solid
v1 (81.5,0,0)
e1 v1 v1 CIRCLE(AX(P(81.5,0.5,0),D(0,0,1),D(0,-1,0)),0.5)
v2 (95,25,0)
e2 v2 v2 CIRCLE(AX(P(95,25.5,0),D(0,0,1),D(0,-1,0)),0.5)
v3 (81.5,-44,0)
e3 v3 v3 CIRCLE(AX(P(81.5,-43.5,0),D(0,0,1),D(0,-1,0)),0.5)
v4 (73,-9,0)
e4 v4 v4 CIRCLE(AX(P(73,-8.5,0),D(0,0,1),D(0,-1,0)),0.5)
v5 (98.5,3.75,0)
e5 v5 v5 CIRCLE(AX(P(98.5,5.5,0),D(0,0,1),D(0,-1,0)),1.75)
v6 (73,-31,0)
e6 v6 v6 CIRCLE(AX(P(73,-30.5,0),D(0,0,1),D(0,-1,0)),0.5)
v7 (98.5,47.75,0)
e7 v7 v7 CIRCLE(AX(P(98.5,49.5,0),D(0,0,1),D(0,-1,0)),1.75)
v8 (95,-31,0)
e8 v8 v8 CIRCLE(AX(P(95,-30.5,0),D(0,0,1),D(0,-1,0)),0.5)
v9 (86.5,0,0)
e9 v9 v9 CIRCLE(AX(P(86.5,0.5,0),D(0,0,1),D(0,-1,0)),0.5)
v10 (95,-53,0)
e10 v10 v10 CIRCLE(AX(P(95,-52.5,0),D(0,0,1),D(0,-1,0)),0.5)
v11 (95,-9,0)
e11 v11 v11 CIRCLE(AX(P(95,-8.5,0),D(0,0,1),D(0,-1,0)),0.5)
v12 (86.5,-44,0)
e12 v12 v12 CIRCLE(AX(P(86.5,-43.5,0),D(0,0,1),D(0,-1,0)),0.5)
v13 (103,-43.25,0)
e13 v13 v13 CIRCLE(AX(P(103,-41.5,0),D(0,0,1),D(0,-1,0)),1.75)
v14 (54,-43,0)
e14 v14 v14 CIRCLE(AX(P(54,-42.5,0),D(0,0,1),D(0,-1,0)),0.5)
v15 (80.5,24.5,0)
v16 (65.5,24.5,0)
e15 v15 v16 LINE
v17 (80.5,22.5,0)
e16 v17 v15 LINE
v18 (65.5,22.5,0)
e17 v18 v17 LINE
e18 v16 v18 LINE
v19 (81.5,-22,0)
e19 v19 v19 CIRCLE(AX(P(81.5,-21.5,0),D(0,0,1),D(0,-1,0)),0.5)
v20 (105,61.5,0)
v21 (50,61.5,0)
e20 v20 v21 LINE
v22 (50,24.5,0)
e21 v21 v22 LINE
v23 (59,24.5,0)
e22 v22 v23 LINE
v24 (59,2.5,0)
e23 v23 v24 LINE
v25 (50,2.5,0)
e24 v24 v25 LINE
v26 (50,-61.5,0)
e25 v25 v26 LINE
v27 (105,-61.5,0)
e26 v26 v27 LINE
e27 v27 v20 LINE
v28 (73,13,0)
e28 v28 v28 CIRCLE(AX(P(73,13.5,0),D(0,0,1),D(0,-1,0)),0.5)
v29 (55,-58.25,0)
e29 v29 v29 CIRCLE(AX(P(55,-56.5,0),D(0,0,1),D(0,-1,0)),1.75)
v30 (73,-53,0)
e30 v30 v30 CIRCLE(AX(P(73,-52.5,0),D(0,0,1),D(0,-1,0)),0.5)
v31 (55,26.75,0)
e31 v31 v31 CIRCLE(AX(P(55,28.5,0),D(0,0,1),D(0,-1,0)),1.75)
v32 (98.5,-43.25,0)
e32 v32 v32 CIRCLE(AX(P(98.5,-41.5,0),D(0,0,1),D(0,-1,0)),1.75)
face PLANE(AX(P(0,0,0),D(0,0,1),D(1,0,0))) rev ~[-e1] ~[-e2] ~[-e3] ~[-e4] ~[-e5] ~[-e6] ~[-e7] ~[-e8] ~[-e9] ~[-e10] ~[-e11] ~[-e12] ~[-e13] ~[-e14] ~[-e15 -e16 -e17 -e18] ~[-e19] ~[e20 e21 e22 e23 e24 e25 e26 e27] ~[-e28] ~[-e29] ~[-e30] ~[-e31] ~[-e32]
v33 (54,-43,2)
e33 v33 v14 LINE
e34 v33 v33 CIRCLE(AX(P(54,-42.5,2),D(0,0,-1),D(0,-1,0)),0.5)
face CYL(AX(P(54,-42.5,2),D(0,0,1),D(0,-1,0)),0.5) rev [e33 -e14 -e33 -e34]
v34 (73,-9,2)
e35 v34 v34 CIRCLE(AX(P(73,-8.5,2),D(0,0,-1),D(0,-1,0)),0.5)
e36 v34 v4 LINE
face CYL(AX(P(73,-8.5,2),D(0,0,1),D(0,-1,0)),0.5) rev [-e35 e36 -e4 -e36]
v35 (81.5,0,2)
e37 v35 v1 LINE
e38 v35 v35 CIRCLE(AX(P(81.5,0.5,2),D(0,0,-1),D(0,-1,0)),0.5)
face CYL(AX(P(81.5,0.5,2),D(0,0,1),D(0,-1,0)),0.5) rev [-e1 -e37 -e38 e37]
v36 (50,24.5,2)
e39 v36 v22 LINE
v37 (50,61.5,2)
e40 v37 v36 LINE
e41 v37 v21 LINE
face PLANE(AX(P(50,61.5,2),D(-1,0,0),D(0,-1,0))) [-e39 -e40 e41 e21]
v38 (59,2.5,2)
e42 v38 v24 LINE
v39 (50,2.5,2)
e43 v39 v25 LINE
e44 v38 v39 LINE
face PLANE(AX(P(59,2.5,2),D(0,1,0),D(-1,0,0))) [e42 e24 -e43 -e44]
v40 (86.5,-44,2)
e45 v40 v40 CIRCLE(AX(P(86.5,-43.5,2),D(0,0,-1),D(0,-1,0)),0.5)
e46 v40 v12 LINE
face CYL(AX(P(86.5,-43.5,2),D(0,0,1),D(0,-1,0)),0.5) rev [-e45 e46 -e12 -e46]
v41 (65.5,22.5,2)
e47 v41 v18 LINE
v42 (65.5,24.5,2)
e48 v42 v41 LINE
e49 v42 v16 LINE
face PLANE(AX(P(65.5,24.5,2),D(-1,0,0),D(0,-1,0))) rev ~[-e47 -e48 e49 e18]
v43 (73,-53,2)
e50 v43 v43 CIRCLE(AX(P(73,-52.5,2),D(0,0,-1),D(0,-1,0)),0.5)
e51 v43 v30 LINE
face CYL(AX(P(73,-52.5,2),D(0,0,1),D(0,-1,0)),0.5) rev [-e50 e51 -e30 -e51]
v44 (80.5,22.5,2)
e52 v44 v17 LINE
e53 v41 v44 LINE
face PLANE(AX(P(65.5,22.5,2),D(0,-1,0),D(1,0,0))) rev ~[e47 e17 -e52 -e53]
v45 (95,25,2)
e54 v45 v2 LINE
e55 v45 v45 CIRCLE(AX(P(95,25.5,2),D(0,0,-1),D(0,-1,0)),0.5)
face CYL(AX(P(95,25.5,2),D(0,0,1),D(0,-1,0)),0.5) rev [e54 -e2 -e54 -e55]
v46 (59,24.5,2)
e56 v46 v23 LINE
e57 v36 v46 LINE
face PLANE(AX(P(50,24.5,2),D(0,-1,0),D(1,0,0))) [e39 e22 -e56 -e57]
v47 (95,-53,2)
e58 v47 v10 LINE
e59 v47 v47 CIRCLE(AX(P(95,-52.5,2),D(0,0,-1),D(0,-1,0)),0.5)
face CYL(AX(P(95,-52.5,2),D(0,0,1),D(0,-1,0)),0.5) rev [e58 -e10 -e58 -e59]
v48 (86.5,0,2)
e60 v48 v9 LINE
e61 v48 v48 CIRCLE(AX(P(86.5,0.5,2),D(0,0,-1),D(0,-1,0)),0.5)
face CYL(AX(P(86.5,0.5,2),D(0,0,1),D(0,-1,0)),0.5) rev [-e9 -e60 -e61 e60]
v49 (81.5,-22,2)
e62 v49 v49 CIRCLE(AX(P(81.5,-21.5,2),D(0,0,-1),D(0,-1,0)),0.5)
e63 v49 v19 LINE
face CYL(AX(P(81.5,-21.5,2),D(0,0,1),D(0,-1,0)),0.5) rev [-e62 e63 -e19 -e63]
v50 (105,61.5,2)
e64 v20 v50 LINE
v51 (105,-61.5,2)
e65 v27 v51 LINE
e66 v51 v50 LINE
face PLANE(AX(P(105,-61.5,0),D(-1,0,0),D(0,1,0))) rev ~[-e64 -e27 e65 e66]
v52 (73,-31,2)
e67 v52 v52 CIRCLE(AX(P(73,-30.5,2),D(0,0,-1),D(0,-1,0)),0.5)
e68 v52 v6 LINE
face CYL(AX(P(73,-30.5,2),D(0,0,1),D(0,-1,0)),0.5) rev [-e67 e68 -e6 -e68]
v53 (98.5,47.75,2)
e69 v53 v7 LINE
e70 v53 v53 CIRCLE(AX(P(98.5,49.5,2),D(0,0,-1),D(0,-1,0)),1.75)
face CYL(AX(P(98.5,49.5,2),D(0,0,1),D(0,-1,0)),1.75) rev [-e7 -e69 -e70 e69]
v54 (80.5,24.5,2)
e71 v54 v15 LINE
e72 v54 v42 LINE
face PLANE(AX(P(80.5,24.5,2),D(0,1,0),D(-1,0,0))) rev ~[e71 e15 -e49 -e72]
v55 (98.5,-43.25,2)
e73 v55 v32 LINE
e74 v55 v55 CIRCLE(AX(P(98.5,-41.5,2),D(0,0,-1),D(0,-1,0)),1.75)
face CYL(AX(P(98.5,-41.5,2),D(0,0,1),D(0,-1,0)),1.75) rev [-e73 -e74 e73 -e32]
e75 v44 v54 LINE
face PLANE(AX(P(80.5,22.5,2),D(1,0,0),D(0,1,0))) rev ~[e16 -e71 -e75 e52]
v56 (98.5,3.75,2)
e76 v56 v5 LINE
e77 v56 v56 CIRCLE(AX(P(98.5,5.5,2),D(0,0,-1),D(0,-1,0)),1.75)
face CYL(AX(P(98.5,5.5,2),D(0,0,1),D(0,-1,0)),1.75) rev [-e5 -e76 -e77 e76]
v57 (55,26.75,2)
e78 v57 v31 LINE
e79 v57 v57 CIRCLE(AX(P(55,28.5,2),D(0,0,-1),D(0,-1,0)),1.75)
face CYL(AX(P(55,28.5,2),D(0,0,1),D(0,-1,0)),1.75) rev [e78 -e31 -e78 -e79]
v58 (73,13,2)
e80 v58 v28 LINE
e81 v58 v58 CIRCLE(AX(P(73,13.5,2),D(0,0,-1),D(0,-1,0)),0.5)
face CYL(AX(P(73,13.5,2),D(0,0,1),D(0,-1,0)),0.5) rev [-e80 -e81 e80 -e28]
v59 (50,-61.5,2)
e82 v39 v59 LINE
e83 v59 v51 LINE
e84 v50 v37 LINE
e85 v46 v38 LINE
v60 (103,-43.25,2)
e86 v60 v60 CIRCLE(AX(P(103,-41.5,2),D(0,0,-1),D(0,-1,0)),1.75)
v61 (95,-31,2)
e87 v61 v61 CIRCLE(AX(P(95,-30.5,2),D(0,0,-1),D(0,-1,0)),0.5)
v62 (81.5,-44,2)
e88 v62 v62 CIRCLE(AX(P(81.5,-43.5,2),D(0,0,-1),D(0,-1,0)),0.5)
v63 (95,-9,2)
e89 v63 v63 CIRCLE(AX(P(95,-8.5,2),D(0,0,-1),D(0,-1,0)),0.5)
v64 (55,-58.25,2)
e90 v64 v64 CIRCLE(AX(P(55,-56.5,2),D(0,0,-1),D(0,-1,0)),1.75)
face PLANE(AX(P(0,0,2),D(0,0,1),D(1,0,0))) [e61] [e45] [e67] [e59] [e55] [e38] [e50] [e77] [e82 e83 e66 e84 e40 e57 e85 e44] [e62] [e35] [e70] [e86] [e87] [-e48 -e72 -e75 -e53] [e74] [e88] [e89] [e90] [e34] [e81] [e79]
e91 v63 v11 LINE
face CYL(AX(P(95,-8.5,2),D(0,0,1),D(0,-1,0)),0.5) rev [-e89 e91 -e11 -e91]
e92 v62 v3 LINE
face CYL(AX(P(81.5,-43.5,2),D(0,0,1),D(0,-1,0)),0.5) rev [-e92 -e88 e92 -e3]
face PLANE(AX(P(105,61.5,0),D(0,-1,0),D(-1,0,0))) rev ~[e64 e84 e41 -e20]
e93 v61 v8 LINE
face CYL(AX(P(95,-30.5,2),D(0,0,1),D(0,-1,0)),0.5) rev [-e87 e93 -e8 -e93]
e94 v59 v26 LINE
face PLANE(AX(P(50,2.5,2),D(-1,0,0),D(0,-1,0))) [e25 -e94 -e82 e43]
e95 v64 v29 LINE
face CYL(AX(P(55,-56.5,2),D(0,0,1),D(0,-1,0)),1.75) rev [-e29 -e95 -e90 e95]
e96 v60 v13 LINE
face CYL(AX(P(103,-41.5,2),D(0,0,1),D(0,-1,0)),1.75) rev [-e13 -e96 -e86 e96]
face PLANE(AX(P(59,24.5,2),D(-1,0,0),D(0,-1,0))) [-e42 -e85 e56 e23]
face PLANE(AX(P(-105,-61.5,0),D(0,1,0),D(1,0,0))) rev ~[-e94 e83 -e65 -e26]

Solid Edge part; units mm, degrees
sketch "Sketch1" plane through (0, 0, 0) normal (0, 0, 1) x (1, 0, 0)
  line L0 (-105, -61.5) -> (105, -61.5)
  line L1 (105, -61.5) -> (105, 61.5)
  line L2 (105, 61.5) -> (-105, 61.5)
  line L3 (-105, 61.5) -> (-105, -61.5)
  dimension "D1" = 123
  dimension "D2" = 210
extrude "Protrusion1" add sketch "Sketch1" along normal blind 2
hole "Hole1" at (73, -52.5, 2) direction (0, 0, -1) diameter 1 end through all
hole "Hole2" at (73, -30.5, 2) direction (0, 0, -1) diameter 1 end through all
hole "Hole3" at (73, -8.5, 2) direction (0, 0, -1) diameter 1 end through all
hole "Hole4" at (95, -8.5, 2) direction (0, 0, -1) diameter 1 end through all
hole "Hole5" at (95, -30.5, 2) direction (0, 0, -1) diameter 1 end through all
hole "Hole6" at (73, 13.5, 2) direction (0, 0, -1) diameter 1 end through all
hole "Hole7" at (95, -52.5, 2) direction (0, 0, -1) diameter 1 end through all
sketch "Sketch2" plane through (0, 0, 2) normal (0, 0, 1) x (1, 0, 0)
  line L0 (65.5, 22.5) -> (80.5, 22.5)
  line L1 (80.5, 22.5) -> (80.5, 24.5)
  line L2 (80.5, 24.5) -> (65.5, 24.5)
  line L3 (65.5, 24.5) -> (65.5, 22.5)
  dimension "D1" = 15
  dimension "D2" = 2
  dimension "D3" = 32
  dimension "D4" = 38
extrude "Cutout1" cut sketch "Sketch2" against normal through all
sketch "Sketch3" plane through (0, 0, 2) normal (0, 0, 1) x (1, 0, 0)
  line L0 (-105, -61.5) -> (50, -61.5)
  line L1 (50, 2.5) -> (50, -61.5)
  line L2 (59, 2.5) -> (50, 2.5)
  line L3 (59, 24.5) -> (59, 2.5)
  line L4 (50, 24.5) -> (59, 24.5)
  line L5 (50, 61.5) -> (50, 24.5)
  line L6 (50, 61.5) -> (-105, 61.5)
  line L7 (-105, 61.5) -> (-105, -61.5)
  dimension "D1" = 9
  dimension "D2" = 22
  dimension "D3" = 37
  dimension "D4" = 55
extrude "Ausschnitt_3" cut sketch "Sketch3" against normal blind 2
hole "Hole8" at (98.5, 49.5, 2) direction (0, 0, -1) diameter 3.5 end through all
hole "Hole9" at (98.5, -41.5, 2) direction (0, 0, -1) diameter 3.5 end through all
hole "Hole10" at (55, -56.5, 2) direction (0, 0, -1) diameter 3.5 end through all
hole "Hole11" at (98.5, 5.5, 2) direction (0, 0, -1) diameter 3.5 end through all
hole "Hole12" at (55, 28.5, 2) direction (0, 0, -1) diameter 3.5 end through all
hole "Befestigungsbohrung_Plus" at (103, -41.5, 2) direction (0, 0, -1) diameter 3.5 end through all
hole "Hole13" at (54, -42.5, 2) direction (0, 0, -1) diameter 1 end through all
hole "Inkrementalgeber" at (95, 25.5, 2) direction (0, 0, -1) diameter 1 end through all
hole "Hole14" at (81.5, -43.5, 2) direction (0, 0, -1) diameter 1 end through all
hole "Hole15" at (81.5, -21.5, 2) direction (0, 0, -1) diameter 1 end through all
hole "Hole16" at (81.5, 0.5, 2) direction (0, 0, -1) diameter 1 end through all
hole "Hole17" at (86.5, 0.5, 2) direction (0, 0, -1) diameter 1 end through all
hole "Hole18" at (86.5, -43.5, 2) direction (0, 0, -1) diameter 1 end through all
